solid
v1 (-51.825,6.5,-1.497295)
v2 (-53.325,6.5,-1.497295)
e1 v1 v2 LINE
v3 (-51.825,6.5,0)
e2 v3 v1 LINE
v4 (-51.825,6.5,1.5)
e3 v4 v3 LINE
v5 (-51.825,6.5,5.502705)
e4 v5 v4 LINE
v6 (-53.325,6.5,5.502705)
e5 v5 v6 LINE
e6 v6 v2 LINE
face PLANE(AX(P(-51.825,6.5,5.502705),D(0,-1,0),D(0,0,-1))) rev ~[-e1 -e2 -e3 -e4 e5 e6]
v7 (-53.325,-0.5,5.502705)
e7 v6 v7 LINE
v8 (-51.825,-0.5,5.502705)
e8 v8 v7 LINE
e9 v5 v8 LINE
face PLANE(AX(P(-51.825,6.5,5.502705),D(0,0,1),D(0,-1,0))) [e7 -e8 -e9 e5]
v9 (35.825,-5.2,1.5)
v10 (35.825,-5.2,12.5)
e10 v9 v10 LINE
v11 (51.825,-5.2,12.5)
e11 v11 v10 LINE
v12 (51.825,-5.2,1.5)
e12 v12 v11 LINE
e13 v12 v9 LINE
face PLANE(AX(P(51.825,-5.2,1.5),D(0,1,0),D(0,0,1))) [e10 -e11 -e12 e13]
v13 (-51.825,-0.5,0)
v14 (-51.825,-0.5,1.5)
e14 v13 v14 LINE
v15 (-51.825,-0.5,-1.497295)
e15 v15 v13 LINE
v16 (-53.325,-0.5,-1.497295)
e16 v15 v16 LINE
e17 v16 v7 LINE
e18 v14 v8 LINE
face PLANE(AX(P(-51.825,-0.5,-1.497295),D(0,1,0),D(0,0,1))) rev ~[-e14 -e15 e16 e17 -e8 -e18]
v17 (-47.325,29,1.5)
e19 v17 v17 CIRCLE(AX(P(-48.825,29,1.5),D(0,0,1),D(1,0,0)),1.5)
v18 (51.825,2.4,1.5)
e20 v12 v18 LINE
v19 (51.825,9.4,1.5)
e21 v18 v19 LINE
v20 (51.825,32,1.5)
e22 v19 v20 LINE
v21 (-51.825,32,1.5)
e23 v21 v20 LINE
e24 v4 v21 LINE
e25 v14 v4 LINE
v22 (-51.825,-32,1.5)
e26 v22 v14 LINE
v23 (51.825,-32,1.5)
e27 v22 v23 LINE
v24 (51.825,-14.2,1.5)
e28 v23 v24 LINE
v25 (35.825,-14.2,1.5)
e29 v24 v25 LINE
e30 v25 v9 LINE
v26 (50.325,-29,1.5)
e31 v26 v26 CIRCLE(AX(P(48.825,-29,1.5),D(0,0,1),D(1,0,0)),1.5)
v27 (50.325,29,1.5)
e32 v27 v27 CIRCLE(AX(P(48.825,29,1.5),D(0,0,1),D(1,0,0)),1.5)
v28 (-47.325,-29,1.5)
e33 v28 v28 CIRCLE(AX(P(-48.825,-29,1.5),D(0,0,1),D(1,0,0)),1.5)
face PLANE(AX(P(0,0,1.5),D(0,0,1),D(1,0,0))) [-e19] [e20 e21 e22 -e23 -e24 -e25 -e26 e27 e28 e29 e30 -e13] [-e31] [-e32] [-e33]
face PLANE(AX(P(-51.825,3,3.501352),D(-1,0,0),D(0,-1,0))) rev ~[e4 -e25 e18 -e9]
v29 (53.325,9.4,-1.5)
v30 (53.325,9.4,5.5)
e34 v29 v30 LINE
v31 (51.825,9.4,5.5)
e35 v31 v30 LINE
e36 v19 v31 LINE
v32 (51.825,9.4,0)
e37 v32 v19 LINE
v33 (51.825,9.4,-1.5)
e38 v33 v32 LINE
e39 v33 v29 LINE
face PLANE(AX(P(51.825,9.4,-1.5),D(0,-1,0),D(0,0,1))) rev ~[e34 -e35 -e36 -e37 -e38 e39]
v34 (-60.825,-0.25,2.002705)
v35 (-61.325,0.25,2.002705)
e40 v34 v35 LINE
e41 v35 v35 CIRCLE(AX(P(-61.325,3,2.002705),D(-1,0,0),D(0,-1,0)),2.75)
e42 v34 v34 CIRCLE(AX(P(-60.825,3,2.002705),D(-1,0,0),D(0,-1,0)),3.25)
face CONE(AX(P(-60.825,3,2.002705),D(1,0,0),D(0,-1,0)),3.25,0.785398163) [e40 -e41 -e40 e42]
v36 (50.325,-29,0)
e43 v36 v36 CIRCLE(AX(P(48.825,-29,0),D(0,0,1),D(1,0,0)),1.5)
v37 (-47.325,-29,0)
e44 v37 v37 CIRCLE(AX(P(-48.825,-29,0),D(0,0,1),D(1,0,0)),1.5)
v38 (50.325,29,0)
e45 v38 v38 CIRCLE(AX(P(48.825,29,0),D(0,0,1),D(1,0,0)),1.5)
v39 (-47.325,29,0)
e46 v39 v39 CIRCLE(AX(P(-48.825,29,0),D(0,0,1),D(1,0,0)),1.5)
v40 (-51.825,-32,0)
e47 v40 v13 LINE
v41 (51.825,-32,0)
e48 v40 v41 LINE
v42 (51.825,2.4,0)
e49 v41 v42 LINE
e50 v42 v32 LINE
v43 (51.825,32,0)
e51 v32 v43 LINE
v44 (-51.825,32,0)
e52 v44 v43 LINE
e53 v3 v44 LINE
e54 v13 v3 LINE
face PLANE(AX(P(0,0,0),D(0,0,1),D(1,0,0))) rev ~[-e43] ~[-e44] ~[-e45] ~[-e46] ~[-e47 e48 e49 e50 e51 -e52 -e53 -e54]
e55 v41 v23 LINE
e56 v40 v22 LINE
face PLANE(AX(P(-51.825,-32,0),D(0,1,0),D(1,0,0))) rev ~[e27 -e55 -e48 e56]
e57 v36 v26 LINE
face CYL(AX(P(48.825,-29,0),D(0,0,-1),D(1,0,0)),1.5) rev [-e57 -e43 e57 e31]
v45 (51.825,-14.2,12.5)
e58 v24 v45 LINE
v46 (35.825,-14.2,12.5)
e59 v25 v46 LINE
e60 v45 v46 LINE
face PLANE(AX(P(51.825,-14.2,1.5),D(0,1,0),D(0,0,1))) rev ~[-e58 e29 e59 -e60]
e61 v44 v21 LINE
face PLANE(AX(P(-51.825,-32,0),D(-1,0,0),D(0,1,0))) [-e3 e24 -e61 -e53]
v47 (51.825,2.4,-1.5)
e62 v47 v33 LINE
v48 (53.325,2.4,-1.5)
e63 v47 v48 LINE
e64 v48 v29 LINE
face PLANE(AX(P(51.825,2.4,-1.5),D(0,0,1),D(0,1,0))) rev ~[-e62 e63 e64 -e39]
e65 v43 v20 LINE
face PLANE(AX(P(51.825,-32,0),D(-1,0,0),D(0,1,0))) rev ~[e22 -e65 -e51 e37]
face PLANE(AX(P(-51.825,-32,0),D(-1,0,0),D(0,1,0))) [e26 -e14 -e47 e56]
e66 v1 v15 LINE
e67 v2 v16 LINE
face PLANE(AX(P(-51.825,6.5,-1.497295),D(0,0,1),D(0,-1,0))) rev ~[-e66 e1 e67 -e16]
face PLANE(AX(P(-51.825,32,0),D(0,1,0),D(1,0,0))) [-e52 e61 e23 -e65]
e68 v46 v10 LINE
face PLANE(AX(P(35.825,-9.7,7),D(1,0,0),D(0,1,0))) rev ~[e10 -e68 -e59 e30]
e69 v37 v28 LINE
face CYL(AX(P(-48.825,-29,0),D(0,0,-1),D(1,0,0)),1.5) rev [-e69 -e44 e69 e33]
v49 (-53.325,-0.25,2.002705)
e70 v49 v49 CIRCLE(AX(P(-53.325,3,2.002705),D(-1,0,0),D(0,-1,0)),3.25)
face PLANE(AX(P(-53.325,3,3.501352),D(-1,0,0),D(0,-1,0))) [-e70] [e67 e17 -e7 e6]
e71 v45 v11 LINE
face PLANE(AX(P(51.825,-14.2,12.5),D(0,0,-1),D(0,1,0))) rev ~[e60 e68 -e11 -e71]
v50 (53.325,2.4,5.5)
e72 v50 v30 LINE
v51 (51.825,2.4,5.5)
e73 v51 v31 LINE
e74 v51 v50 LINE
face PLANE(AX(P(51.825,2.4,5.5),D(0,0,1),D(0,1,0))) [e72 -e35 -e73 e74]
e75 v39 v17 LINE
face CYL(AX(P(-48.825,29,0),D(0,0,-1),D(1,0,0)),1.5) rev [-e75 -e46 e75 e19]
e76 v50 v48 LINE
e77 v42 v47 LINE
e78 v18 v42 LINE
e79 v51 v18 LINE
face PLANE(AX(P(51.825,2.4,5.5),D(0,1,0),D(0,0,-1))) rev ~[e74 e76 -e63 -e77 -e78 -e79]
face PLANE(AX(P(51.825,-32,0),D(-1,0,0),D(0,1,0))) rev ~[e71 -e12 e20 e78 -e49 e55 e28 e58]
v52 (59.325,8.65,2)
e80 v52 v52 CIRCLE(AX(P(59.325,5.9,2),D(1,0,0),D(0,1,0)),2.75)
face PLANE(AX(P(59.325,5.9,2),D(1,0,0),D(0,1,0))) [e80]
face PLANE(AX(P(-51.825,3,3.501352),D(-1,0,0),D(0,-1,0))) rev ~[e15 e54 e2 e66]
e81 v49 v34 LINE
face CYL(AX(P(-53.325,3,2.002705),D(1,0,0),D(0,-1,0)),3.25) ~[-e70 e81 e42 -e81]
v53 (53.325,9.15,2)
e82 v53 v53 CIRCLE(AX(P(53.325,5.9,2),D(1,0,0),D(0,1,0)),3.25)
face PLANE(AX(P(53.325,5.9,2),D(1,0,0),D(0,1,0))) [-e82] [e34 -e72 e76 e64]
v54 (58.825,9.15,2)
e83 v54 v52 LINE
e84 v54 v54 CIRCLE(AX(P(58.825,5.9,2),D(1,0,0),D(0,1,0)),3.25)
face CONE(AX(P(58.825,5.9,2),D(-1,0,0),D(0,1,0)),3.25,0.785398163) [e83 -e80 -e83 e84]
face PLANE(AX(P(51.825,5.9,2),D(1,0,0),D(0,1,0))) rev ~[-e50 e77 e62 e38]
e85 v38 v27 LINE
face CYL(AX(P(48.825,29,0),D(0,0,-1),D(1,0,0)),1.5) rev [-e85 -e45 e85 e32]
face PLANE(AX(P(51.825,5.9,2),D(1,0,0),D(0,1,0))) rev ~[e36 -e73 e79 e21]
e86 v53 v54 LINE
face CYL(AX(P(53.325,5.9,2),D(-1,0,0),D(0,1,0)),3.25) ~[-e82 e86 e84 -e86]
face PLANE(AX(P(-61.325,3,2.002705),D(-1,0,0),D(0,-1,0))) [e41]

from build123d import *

# Parameters (mm, degrees)
F0_W      = 103.65
F0_H      = 64
F0_R      = 1.5
F1_DEPTH  = 1.5
F2_W      = 9
F2_H      = 11
F3_DEPTH  = 16
F4_W      = 7
F4_H      = 7
F4_H_2    = 4
F5_DEPTH  = 1.5
F6_R      = 3.25
F7_DEPTH  = 6
F8_W      = 7
F8_H      = 4.0027049468
F8_H_2    = 1.5
F8_H_3    = 1.4972950532
F9_DEPTH  = 1.5
F10_R     = 3.25
F11_DEPTH = 8
F12_SIZE  = 0.5
F13_SIZE  = 0.5


with BuildPart() as f1:
    # F0 (on Top) → F1 (new body)
    with BuildSketch(Plane.XY):
        Rectangle(F0_W, F0_H)
        with Locations((-48.825, -29)):
            Circle(F0_R, mode=Mode.SUBTRACT)
        with Locations((48.825, -29)):
            Circle(F0_R, mode=Mode.SUBTRACT)
        with Locations((-48.825, 29)):
            Circle(F0_R, mode=Mode.SUBTRACT)
        with Locations((48.825, 29)):
            Circle(F0_R, mode=Mode.SUBTRACT)
    extrude(amount=F1_DEPTH)

    # F2 (on face) → F3 (join)
    with BuildSketch(Plane.YZ.offset(51.825)):
        with Locations((-9.7, 7)):
            Rectangle(F2_W, F2_H)
    extrude(amount=-F3_DEPTH)

    # F4 (on face) → F5 (join)
    with BuildSketch(Plane.YZ.offset(51.825)):
        with Locations((5.9, 2)):
            Rectangle(F4_W, F4_H)
        with Locations((5.9, 3.5)):
            Rectangle(F4_W, F4_H_2)
    extrude(amount=F5_DEPTH)

    # F6 (on face) → F7 (join)
    with BuildSketch(Plane.YZ.offset(53.325)):
        with Locations((5.9, 2)):
            Circle(F6_R)
    extrude(amount=F7_DEPTH)

    # F8 (on face) → F9 (join)
    with BuildSketch(Plane(origin=(-51.825, 0, 0), x_dir=(0, -1, 0), z_dir=(-1, 0, 0))):
        with Locations((-3, 3.5013524734)):
            Rectangle(F8_W, F8_H)
        with Locations((-3, 0.75)):
            Rectangle(F8_W, F8_H_2)
        with Locations((-3, -0.7486475266)):
            Rectangle(F8_W, F8_H_3)
    extrude(amount=F9_DEPTH)

    # F10 (on face) → F11 (join)
    with BuildSketch(Plane(origin=(-53.325, 0, 0), x_dir=(0, -1, 0), z_dir=(-1, 0, 0))):
        with Locations((-3, 2.0027049468)):
            Circle(F10_R)
    extrude(amount=F11_DEPTH)

    # F12
    f12_edges = [f1.edges().sort_by_distance(p)[0] for p in [
        (-61.325, 6.25, 2.002705),
    ]]
    chamfer(f12_edges, length=F12_SIZE)

    # F13
    f13_edges = [f1.edges().sort_by_distance(p)[0] for p in [
        (59.325, 2.65, 2),
    ]]
    chamfer(f13_edges, length=F13_SIZE)


solid = f1.part
